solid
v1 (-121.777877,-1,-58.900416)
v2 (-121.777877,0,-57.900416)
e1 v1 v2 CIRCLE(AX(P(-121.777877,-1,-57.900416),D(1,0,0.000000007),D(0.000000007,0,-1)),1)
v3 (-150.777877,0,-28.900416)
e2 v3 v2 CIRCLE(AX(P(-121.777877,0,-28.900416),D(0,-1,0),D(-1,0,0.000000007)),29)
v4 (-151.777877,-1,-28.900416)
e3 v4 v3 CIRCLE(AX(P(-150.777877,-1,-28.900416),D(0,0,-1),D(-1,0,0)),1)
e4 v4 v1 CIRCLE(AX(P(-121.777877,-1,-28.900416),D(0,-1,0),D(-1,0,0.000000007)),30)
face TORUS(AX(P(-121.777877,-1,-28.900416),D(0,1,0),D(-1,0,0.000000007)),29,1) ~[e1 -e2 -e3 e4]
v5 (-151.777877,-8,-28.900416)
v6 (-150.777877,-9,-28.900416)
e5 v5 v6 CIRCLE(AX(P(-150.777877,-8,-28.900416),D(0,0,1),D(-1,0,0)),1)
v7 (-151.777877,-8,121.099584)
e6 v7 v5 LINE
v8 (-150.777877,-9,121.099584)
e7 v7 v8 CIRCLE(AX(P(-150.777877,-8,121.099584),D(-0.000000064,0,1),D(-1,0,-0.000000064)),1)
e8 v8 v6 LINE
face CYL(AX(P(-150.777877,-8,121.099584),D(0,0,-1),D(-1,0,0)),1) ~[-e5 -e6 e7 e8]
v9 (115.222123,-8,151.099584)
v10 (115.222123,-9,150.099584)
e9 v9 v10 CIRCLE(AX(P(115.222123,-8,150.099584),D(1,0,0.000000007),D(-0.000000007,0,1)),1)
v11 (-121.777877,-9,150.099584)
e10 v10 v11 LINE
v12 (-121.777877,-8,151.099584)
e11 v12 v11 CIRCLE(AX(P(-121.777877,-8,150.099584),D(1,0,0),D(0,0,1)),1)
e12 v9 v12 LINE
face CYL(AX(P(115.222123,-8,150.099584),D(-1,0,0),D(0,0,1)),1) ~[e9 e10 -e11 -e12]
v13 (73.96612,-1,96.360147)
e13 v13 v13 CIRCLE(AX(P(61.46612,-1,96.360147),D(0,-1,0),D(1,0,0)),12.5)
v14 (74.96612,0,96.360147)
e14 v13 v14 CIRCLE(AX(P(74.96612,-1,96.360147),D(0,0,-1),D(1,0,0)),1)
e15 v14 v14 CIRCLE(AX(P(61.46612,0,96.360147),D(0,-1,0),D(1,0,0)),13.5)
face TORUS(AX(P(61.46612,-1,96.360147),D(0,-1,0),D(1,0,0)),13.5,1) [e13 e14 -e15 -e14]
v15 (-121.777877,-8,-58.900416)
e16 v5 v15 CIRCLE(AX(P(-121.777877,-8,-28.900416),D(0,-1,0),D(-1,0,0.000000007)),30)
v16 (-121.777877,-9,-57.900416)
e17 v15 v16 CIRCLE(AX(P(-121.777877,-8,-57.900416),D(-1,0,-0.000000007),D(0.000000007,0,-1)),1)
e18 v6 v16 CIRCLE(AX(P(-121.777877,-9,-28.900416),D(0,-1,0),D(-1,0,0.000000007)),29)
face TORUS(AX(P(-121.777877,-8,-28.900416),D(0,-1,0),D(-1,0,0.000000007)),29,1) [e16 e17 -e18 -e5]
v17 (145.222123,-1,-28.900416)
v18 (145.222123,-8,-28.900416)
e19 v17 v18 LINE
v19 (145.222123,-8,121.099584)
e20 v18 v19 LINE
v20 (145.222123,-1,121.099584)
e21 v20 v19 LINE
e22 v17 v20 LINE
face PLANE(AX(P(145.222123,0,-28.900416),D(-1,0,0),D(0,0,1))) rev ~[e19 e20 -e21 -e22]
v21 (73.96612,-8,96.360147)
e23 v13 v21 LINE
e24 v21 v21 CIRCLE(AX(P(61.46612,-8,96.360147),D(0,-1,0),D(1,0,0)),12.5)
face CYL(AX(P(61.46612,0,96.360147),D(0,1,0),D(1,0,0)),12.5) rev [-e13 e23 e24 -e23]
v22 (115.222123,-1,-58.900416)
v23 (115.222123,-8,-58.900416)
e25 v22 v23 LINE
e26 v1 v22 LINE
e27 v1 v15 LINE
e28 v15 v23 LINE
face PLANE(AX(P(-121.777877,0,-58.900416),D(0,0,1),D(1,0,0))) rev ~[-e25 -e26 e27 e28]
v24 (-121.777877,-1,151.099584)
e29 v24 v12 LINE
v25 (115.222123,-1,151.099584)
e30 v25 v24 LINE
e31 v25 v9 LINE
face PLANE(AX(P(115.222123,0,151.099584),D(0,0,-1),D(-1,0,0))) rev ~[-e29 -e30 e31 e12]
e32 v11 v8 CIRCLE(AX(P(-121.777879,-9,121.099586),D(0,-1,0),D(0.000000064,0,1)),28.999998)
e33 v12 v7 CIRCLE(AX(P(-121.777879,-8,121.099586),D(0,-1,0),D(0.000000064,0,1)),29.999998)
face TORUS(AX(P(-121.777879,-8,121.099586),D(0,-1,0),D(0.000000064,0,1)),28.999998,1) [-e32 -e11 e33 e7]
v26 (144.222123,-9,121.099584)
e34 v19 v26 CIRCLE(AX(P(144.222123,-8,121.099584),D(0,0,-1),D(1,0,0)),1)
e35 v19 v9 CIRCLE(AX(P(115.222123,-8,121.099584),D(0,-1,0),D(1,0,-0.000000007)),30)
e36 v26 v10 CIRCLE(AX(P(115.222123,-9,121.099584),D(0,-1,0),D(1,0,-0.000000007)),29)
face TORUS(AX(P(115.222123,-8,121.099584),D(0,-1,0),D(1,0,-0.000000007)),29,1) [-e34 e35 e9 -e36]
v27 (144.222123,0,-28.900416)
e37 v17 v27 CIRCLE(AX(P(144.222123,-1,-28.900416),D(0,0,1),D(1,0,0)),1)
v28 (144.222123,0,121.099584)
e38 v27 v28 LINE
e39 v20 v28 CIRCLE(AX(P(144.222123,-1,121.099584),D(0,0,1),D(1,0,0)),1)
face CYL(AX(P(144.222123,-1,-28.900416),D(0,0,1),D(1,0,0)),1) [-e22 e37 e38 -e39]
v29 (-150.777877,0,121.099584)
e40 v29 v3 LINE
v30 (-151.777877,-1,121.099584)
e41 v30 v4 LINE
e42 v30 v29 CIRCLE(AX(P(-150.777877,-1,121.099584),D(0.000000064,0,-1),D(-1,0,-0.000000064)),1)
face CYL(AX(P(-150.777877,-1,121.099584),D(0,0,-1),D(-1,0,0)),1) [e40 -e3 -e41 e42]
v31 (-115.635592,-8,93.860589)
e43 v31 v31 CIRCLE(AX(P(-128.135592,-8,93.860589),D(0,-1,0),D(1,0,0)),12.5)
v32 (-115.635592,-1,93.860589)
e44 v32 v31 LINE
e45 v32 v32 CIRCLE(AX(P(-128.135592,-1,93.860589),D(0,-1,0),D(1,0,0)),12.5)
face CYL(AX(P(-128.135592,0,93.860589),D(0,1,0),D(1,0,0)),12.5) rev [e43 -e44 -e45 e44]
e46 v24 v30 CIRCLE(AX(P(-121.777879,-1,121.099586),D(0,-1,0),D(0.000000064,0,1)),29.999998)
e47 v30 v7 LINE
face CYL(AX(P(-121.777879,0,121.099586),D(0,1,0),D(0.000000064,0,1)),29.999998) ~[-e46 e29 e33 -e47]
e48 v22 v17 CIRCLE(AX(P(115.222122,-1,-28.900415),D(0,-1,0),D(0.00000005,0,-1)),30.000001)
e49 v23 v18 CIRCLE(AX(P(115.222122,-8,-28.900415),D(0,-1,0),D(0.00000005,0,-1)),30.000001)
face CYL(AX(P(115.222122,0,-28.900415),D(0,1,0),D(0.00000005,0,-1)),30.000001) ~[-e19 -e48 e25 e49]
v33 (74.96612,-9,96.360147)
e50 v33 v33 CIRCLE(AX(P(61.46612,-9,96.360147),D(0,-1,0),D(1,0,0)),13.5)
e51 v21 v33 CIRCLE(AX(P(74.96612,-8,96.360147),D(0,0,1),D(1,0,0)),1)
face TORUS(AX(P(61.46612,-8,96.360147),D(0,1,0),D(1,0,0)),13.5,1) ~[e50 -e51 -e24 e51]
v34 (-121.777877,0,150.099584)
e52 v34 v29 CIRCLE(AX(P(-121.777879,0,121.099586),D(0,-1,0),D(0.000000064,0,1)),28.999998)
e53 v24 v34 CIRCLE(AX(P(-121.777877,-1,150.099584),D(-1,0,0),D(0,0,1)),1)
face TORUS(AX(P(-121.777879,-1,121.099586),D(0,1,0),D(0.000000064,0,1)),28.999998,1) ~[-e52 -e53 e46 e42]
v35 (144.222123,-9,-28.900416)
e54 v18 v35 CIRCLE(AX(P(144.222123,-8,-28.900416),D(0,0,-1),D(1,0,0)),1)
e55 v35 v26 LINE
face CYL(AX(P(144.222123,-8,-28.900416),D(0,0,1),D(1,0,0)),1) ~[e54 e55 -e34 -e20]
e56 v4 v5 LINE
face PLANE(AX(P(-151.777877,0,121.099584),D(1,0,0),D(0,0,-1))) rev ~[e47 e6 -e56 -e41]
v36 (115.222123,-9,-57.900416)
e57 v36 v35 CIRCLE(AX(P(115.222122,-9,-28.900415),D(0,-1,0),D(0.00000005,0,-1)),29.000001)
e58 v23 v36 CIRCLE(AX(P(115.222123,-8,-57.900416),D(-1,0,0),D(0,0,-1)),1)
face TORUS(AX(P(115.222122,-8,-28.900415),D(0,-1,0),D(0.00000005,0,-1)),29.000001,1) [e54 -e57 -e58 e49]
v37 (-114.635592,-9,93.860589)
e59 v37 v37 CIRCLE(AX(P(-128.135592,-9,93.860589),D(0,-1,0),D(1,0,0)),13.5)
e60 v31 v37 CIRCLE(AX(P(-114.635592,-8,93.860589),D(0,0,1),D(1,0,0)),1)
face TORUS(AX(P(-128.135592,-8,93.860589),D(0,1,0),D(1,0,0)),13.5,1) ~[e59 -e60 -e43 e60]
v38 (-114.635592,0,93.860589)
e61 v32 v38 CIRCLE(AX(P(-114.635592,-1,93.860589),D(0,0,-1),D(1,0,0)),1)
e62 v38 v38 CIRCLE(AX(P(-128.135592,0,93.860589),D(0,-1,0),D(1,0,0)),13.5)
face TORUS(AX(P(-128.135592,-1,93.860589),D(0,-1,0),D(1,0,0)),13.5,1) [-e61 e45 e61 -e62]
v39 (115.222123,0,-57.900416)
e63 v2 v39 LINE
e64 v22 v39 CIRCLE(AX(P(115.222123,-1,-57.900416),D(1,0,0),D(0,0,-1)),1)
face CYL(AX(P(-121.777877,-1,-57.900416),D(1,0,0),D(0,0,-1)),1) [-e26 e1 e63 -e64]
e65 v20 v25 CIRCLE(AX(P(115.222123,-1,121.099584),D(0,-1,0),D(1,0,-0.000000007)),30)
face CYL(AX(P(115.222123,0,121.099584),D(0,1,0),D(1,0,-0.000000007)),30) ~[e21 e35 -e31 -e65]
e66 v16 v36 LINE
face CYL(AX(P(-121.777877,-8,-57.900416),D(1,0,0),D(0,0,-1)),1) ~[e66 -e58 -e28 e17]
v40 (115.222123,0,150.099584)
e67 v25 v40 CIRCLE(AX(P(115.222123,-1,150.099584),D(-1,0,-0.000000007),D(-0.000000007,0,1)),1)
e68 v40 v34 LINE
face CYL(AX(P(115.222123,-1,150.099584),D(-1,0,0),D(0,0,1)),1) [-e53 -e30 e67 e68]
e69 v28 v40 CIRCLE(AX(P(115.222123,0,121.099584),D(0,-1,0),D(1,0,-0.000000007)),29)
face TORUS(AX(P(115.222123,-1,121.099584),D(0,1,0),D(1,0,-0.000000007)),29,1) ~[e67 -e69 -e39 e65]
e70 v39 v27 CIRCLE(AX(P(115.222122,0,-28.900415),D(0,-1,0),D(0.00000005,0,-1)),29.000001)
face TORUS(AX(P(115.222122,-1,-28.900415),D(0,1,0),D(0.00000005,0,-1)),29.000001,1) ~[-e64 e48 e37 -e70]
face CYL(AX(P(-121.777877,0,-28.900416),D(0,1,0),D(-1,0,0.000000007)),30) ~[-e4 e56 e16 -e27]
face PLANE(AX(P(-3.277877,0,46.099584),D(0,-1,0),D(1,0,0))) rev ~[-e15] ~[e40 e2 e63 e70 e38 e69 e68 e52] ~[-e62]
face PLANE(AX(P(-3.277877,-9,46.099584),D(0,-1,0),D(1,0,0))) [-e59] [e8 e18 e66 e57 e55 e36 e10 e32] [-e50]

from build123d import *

# Parameters (mm, degrees)
F0_R     = 12.5
F1_DEPTH = 9
F2_R     = 1


with BuildPart() as f1:
    # F0 (on Front) → F1 (new body)
    with BuildSketch(Plane.XZ):
        with BuildLine():
            Line((115.222123, 151.099584), (-121.777877, 151.099584))
            ThreePointArc((-121.777877, 151.099584), (-142.991081, 142.312788), (-151.777877, 121.099584))
            Line((-151.777877, 121.099584), (-151.777877, -28.900416))
            ThreePointArc((-151.777877, -28.900416), (-142.991081, -50.113619), (-121.777877, -58.900416))
            Line((-121.777877, -58.900416), (115.222123, -58.900416))
            ThreePointArc((115.222123, -58.900416), (136.435326, -50.113619), (145.222123, -28.900416))
            Line((145.222123, -28.900416), (145.222123, 121.099584))
            ThreePointArc((145.222123, 121.099584), (136.435326, 142.312788), (115.222123, 151.099584))
        make_face()
        with Locations((-128.135592, 93.860589)):
            Circle(F0_R, mode=Mode.SUBTRACT)
        with Locations((61.46612, 96.360147)):
            Circle(F0_R, mode=Mode.SUBTRACT)
    extrude(amount=F1_DEPTH)

    # F2
    f2_edges = [f1.edges().sort_by_distance(p)[0] for p in [
        (145.222123, 0, 46.099584),
        (136.435326, 0, 142.312788),
        (-3.277877, 0, 151.099584),
        (-142.991081, 0, 142.312788),
        (-151.777877, 0, 46.099584),
        (-142.991081, 0, -50.113619),
        (-3.277877, 0, -58.900416),
        (136.435326, 0, -50.113619),
        (-140.635592, 0, 93.860589),
        (48.96612, 0, 96.360147),
        (145.222123, -9, 46.099584),
        (136.435326, -9, 142.312788),
        (-3.277877, -9, 151.099584),
        (-142.991081, -9, 142.312788),
        (-151.777877, -9, 46.099584),
        (-142.991081, -9, -50.113619),
        (-3.277877, -9, -58.900416),
        (136.435326, -9, -50.113619),
        (-140.635592, -9, 93.860589),
        (48.96612, -9, 96.360147),
    ]]
    fillet(f2_edges, radius=F2_R)


solid = f1.part
